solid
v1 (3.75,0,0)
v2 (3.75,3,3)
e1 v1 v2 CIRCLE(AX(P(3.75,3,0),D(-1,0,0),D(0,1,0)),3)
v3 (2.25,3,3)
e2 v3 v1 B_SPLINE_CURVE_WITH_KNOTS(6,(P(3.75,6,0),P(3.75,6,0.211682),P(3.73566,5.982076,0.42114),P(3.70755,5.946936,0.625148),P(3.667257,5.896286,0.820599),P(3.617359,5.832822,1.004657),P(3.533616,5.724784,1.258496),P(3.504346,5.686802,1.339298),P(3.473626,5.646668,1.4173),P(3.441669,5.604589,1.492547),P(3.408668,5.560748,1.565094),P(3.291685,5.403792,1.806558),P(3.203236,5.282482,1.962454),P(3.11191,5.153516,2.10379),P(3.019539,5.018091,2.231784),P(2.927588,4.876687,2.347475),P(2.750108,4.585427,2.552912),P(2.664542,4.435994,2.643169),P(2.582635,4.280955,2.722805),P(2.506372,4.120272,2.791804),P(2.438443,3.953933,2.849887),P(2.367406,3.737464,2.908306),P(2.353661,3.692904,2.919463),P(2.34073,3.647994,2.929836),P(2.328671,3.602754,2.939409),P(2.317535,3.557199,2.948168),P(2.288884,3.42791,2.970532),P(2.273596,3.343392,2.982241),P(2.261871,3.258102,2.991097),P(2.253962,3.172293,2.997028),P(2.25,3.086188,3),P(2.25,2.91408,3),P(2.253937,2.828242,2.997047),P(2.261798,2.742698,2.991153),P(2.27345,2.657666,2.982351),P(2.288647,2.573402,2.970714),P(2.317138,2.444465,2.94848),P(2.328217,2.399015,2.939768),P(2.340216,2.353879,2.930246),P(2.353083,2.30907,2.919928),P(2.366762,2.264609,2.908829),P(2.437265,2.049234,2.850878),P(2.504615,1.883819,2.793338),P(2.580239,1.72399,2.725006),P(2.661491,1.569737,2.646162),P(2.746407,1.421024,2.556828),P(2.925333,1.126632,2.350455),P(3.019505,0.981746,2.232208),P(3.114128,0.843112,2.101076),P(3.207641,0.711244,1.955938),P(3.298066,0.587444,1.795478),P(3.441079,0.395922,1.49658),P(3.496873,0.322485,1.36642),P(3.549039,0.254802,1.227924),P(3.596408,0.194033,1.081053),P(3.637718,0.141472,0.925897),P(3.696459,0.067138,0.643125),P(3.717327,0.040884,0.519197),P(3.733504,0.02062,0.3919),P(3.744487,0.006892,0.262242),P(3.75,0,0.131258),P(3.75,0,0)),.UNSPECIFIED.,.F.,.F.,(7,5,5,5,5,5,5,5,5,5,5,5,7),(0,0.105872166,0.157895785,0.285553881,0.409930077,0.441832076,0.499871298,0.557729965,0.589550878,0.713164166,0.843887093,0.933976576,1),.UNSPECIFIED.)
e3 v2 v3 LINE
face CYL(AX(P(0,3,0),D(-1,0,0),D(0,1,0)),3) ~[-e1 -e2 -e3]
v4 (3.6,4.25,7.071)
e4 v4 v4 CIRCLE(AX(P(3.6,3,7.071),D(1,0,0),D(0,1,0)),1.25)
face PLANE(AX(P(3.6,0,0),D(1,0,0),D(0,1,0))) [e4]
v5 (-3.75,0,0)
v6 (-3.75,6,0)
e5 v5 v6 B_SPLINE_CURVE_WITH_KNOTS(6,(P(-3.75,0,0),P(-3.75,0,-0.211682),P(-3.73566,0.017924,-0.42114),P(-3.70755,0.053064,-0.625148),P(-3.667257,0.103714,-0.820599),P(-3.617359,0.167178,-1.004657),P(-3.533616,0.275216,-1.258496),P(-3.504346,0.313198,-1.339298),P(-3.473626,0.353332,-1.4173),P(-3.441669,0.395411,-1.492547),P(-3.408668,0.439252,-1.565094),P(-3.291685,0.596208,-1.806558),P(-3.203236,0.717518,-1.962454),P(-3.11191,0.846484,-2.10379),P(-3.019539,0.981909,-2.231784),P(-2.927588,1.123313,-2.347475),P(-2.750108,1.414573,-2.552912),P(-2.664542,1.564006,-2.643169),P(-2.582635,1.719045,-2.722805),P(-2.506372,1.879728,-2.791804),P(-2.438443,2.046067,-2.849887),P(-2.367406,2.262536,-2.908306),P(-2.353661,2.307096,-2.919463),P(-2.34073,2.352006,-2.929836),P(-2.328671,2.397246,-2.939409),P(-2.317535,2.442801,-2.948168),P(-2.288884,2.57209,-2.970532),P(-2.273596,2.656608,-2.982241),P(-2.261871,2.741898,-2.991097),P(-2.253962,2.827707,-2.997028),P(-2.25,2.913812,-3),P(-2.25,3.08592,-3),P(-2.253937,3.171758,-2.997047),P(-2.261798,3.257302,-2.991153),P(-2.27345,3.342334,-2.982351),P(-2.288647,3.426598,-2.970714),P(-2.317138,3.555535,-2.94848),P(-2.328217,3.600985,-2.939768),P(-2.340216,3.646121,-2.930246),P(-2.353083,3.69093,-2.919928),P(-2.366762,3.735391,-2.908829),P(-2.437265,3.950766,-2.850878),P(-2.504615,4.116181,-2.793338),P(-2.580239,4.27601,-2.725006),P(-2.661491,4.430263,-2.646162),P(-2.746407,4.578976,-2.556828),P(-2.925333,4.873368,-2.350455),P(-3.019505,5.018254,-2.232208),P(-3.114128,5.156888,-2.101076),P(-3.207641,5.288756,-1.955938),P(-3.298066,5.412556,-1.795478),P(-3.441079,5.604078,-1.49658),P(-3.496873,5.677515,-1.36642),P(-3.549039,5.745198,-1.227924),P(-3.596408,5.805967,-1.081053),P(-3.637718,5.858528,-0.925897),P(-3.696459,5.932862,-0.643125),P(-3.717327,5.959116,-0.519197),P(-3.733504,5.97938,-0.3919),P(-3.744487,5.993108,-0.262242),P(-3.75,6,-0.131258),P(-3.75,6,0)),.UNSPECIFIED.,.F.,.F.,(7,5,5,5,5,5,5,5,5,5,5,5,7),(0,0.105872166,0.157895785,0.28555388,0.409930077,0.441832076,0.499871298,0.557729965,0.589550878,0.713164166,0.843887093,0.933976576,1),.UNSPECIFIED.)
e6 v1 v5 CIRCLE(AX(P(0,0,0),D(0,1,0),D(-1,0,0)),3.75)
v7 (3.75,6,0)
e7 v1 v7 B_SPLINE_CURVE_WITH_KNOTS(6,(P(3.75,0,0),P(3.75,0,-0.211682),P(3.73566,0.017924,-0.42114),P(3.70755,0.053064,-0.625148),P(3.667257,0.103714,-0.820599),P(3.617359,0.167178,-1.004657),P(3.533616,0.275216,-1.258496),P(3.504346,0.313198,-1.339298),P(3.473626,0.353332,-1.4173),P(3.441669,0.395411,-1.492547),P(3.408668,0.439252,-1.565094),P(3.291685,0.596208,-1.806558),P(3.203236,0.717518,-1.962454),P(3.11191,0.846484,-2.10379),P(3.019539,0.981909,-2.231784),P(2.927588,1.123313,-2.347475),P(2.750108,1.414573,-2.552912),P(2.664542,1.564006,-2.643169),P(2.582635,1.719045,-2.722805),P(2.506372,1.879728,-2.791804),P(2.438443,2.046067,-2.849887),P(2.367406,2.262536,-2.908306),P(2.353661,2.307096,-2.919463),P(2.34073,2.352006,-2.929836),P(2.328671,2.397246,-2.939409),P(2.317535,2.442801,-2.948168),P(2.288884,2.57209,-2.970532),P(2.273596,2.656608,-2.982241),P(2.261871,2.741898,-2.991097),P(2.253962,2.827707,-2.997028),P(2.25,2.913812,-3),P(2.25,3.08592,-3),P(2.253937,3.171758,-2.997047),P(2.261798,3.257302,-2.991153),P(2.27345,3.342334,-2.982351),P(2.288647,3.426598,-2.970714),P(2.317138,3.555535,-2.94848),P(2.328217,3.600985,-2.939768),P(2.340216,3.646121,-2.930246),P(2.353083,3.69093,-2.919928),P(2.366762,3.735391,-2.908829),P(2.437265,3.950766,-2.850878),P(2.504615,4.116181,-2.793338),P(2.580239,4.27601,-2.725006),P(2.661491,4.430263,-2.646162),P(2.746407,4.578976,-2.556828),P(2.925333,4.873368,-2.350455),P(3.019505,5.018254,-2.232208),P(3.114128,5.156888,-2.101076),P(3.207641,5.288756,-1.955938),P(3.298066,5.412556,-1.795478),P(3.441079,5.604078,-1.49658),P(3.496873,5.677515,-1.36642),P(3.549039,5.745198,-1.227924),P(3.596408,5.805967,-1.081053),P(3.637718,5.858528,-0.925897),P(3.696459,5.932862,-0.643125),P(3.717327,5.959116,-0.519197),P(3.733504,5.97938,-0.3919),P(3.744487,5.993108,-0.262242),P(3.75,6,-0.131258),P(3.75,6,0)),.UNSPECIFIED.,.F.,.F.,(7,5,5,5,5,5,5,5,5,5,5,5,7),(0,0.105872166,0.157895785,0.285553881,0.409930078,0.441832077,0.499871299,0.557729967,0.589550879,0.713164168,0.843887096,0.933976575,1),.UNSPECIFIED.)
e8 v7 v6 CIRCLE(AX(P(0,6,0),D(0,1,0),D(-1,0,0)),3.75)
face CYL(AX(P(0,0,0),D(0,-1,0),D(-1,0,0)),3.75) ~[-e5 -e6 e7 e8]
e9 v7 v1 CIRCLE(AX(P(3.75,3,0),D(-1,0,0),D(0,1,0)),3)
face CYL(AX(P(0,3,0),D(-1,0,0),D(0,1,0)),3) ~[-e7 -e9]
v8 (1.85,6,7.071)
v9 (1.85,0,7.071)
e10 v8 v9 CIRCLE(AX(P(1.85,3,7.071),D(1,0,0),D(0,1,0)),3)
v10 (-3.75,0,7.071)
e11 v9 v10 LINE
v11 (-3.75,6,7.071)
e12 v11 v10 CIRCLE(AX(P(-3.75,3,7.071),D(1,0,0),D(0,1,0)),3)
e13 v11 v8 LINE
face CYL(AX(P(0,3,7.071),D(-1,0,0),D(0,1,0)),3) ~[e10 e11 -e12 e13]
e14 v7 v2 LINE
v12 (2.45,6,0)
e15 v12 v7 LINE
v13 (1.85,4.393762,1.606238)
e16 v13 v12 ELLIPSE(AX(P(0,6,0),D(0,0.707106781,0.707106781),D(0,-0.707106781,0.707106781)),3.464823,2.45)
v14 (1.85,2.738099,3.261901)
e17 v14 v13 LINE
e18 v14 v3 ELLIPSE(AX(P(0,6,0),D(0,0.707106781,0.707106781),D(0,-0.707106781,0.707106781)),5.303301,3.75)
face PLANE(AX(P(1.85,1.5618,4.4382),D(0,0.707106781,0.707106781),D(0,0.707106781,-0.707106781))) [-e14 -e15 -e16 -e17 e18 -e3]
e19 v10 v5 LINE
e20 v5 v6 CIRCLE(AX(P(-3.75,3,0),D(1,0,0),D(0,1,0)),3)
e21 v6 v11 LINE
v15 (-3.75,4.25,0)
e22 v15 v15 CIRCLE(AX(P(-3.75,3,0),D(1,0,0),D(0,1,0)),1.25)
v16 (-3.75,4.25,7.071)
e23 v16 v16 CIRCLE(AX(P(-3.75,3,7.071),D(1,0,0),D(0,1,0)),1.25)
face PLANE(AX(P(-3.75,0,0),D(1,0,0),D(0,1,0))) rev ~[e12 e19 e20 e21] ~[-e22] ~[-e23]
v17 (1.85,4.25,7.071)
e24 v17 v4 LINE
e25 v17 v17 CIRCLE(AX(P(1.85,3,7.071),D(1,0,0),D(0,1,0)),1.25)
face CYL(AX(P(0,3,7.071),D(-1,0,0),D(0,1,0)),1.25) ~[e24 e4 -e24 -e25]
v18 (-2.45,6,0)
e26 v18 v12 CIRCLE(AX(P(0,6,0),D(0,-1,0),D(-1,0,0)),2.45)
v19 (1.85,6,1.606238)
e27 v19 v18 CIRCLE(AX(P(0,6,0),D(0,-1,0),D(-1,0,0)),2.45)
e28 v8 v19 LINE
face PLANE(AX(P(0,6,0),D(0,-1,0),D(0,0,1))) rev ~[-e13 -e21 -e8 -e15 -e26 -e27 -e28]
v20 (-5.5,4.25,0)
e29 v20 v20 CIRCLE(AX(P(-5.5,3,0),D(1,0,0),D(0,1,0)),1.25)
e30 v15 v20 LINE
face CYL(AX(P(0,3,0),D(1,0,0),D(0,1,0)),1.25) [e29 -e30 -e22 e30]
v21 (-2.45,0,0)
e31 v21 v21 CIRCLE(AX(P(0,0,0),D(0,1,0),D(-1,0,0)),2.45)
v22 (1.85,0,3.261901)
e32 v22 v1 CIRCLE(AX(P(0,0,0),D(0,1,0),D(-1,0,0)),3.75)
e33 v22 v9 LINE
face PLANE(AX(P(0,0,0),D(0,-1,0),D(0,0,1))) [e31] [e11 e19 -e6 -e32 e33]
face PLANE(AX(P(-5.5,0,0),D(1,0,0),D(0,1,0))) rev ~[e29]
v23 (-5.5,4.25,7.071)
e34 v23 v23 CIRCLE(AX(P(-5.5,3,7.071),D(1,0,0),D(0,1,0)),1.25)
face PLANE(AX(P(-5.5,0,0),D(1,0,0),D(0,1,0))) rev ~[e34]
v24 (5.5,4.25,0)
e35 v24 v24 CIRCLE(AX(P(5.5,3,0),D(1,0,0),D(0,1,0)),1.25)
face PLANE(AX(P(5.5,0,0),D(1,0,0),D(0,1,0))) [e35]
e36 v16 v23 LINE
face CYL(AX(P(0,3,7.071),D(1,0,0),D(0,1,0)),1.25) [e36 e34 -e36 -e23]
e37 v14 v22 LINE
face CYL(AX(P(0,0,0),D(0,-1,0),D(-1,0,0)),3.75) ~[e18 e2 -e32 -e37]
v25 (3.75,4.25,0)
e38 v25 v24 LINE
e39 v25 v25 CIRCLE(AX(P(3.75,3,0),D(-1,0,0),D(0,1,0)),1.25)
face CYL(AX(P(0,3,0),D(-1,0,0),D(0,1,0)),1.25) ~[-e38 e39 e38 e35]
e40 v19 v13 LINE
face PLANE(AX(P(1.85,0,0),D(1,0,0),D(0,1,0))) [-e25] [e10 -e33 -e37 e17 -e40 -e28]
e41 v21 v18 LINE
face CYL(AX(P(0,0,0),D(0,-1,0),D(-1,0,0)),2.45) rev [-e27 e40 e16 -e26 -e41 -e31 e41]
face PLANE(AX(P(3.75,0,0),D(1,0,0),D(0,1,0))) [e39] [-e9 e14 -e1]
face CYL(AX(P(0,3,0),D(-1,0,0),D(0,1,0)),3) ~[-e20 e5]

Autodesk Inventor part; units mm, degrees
ref_plane "YZ Plane" through (0, 0, 0) normal (1, 0, 0) x (0, 1, 0)
ref_plane "XZ Plane" through (0, 0, 0) normal (0, 1, 0) x (-1, 0, 0)
ref_plane "XY Plane" through (0, 0, 0) normal (0, 0, 1) x (1, 0, 0)
sketch "Эскиз1" plane through (0, 0, 0) normal (0, 1, 0) x (-1, 0, 0)
  circle A0 centre (0, 0) radius 2.45
  circle A1 centre (0, 0) radius 3.75
  dimension "d0" = 4.9
  dimension "d1" = 7.5
extrude "Выдавливание1" add sketch "Эскиз1" along normal blind 6
sketch "Эскиз2" plane through (0, 0, 0) normal (1, 0, 0) x (0, 1, 0)
  circle A0 centre (3, 0) radius 1.25
  line L0 (0, -3.75) -> (0, 3.75) projected
  circle A1 centre (3, 0) radius 3
  circle A2 centre (3, 7.071) radius 1.25
  arc A3 (6, 7.071) -> (0, 7.071) centre (3, 7.071) ccw
  line L1 (3, 0) -> (3, 7.071) construction
  line L2 (6, 0) -> (6, 7.071)
  line L3 (0, 7.071) -> (0, 0)
  point P0 (0, 0)
  dimension "d7" = 6
  dimension "d4" = 2.5
  dimension "d12" = 2.5
  dimension "d13" = 6
  dimension "d14" = 7.071
extrude "Выдавливание3" add sketch "Эскиз2" along normal mid plane 7.5 contours A1
extrude "Выдавливание5" add sketch "Эскиз2" along normal blind 1.85 and the other way blind 3.75 contours L0 L3 A3 L2 A1
extrude "Выдавливание2" add sketch "Эскиз2" along normal mid plane 11 contours A0
extrude "Выдавливание4" cut sketch "Эскиз1" along normal blind 6 contours A0
extrude "Выдавливание7" add sketch "Эскиз2" along normal blind 3.6 and the other way blind 5.5 contours A2
sketch "Эскиз3" plane through (1.85, 0, 0) normal (1, 0, 0) x (0, 0, -1)
  circle A0 centre (-7.071, 3) radius 1.25 projected
  line L0 (-4.4382, 1.5618) -> (0, 6)
  line L1 (-3.2619, 6) -> (-7.071, 6) projected
  line L2 (0, 6) -> (-3.2619, 6) projected
  arc A1 (-7.071, 6) -> (-7.071, 0) centre (-7.071, 3) ccw projected
  arc A2 (-7.071, 0) -> (-7.071, 6) centre (-7.071, 3) ccw
  line L3 (3.75, 6) -> (0, 6) projected
  point P0 (0, 0)
  dimension "d26" = 45
extrude "Выдавливание8" cut sketch "Эскиз3" along normal blind 3.75 contours A2 L1 L2 L0
properties part number "Кулак левый"
